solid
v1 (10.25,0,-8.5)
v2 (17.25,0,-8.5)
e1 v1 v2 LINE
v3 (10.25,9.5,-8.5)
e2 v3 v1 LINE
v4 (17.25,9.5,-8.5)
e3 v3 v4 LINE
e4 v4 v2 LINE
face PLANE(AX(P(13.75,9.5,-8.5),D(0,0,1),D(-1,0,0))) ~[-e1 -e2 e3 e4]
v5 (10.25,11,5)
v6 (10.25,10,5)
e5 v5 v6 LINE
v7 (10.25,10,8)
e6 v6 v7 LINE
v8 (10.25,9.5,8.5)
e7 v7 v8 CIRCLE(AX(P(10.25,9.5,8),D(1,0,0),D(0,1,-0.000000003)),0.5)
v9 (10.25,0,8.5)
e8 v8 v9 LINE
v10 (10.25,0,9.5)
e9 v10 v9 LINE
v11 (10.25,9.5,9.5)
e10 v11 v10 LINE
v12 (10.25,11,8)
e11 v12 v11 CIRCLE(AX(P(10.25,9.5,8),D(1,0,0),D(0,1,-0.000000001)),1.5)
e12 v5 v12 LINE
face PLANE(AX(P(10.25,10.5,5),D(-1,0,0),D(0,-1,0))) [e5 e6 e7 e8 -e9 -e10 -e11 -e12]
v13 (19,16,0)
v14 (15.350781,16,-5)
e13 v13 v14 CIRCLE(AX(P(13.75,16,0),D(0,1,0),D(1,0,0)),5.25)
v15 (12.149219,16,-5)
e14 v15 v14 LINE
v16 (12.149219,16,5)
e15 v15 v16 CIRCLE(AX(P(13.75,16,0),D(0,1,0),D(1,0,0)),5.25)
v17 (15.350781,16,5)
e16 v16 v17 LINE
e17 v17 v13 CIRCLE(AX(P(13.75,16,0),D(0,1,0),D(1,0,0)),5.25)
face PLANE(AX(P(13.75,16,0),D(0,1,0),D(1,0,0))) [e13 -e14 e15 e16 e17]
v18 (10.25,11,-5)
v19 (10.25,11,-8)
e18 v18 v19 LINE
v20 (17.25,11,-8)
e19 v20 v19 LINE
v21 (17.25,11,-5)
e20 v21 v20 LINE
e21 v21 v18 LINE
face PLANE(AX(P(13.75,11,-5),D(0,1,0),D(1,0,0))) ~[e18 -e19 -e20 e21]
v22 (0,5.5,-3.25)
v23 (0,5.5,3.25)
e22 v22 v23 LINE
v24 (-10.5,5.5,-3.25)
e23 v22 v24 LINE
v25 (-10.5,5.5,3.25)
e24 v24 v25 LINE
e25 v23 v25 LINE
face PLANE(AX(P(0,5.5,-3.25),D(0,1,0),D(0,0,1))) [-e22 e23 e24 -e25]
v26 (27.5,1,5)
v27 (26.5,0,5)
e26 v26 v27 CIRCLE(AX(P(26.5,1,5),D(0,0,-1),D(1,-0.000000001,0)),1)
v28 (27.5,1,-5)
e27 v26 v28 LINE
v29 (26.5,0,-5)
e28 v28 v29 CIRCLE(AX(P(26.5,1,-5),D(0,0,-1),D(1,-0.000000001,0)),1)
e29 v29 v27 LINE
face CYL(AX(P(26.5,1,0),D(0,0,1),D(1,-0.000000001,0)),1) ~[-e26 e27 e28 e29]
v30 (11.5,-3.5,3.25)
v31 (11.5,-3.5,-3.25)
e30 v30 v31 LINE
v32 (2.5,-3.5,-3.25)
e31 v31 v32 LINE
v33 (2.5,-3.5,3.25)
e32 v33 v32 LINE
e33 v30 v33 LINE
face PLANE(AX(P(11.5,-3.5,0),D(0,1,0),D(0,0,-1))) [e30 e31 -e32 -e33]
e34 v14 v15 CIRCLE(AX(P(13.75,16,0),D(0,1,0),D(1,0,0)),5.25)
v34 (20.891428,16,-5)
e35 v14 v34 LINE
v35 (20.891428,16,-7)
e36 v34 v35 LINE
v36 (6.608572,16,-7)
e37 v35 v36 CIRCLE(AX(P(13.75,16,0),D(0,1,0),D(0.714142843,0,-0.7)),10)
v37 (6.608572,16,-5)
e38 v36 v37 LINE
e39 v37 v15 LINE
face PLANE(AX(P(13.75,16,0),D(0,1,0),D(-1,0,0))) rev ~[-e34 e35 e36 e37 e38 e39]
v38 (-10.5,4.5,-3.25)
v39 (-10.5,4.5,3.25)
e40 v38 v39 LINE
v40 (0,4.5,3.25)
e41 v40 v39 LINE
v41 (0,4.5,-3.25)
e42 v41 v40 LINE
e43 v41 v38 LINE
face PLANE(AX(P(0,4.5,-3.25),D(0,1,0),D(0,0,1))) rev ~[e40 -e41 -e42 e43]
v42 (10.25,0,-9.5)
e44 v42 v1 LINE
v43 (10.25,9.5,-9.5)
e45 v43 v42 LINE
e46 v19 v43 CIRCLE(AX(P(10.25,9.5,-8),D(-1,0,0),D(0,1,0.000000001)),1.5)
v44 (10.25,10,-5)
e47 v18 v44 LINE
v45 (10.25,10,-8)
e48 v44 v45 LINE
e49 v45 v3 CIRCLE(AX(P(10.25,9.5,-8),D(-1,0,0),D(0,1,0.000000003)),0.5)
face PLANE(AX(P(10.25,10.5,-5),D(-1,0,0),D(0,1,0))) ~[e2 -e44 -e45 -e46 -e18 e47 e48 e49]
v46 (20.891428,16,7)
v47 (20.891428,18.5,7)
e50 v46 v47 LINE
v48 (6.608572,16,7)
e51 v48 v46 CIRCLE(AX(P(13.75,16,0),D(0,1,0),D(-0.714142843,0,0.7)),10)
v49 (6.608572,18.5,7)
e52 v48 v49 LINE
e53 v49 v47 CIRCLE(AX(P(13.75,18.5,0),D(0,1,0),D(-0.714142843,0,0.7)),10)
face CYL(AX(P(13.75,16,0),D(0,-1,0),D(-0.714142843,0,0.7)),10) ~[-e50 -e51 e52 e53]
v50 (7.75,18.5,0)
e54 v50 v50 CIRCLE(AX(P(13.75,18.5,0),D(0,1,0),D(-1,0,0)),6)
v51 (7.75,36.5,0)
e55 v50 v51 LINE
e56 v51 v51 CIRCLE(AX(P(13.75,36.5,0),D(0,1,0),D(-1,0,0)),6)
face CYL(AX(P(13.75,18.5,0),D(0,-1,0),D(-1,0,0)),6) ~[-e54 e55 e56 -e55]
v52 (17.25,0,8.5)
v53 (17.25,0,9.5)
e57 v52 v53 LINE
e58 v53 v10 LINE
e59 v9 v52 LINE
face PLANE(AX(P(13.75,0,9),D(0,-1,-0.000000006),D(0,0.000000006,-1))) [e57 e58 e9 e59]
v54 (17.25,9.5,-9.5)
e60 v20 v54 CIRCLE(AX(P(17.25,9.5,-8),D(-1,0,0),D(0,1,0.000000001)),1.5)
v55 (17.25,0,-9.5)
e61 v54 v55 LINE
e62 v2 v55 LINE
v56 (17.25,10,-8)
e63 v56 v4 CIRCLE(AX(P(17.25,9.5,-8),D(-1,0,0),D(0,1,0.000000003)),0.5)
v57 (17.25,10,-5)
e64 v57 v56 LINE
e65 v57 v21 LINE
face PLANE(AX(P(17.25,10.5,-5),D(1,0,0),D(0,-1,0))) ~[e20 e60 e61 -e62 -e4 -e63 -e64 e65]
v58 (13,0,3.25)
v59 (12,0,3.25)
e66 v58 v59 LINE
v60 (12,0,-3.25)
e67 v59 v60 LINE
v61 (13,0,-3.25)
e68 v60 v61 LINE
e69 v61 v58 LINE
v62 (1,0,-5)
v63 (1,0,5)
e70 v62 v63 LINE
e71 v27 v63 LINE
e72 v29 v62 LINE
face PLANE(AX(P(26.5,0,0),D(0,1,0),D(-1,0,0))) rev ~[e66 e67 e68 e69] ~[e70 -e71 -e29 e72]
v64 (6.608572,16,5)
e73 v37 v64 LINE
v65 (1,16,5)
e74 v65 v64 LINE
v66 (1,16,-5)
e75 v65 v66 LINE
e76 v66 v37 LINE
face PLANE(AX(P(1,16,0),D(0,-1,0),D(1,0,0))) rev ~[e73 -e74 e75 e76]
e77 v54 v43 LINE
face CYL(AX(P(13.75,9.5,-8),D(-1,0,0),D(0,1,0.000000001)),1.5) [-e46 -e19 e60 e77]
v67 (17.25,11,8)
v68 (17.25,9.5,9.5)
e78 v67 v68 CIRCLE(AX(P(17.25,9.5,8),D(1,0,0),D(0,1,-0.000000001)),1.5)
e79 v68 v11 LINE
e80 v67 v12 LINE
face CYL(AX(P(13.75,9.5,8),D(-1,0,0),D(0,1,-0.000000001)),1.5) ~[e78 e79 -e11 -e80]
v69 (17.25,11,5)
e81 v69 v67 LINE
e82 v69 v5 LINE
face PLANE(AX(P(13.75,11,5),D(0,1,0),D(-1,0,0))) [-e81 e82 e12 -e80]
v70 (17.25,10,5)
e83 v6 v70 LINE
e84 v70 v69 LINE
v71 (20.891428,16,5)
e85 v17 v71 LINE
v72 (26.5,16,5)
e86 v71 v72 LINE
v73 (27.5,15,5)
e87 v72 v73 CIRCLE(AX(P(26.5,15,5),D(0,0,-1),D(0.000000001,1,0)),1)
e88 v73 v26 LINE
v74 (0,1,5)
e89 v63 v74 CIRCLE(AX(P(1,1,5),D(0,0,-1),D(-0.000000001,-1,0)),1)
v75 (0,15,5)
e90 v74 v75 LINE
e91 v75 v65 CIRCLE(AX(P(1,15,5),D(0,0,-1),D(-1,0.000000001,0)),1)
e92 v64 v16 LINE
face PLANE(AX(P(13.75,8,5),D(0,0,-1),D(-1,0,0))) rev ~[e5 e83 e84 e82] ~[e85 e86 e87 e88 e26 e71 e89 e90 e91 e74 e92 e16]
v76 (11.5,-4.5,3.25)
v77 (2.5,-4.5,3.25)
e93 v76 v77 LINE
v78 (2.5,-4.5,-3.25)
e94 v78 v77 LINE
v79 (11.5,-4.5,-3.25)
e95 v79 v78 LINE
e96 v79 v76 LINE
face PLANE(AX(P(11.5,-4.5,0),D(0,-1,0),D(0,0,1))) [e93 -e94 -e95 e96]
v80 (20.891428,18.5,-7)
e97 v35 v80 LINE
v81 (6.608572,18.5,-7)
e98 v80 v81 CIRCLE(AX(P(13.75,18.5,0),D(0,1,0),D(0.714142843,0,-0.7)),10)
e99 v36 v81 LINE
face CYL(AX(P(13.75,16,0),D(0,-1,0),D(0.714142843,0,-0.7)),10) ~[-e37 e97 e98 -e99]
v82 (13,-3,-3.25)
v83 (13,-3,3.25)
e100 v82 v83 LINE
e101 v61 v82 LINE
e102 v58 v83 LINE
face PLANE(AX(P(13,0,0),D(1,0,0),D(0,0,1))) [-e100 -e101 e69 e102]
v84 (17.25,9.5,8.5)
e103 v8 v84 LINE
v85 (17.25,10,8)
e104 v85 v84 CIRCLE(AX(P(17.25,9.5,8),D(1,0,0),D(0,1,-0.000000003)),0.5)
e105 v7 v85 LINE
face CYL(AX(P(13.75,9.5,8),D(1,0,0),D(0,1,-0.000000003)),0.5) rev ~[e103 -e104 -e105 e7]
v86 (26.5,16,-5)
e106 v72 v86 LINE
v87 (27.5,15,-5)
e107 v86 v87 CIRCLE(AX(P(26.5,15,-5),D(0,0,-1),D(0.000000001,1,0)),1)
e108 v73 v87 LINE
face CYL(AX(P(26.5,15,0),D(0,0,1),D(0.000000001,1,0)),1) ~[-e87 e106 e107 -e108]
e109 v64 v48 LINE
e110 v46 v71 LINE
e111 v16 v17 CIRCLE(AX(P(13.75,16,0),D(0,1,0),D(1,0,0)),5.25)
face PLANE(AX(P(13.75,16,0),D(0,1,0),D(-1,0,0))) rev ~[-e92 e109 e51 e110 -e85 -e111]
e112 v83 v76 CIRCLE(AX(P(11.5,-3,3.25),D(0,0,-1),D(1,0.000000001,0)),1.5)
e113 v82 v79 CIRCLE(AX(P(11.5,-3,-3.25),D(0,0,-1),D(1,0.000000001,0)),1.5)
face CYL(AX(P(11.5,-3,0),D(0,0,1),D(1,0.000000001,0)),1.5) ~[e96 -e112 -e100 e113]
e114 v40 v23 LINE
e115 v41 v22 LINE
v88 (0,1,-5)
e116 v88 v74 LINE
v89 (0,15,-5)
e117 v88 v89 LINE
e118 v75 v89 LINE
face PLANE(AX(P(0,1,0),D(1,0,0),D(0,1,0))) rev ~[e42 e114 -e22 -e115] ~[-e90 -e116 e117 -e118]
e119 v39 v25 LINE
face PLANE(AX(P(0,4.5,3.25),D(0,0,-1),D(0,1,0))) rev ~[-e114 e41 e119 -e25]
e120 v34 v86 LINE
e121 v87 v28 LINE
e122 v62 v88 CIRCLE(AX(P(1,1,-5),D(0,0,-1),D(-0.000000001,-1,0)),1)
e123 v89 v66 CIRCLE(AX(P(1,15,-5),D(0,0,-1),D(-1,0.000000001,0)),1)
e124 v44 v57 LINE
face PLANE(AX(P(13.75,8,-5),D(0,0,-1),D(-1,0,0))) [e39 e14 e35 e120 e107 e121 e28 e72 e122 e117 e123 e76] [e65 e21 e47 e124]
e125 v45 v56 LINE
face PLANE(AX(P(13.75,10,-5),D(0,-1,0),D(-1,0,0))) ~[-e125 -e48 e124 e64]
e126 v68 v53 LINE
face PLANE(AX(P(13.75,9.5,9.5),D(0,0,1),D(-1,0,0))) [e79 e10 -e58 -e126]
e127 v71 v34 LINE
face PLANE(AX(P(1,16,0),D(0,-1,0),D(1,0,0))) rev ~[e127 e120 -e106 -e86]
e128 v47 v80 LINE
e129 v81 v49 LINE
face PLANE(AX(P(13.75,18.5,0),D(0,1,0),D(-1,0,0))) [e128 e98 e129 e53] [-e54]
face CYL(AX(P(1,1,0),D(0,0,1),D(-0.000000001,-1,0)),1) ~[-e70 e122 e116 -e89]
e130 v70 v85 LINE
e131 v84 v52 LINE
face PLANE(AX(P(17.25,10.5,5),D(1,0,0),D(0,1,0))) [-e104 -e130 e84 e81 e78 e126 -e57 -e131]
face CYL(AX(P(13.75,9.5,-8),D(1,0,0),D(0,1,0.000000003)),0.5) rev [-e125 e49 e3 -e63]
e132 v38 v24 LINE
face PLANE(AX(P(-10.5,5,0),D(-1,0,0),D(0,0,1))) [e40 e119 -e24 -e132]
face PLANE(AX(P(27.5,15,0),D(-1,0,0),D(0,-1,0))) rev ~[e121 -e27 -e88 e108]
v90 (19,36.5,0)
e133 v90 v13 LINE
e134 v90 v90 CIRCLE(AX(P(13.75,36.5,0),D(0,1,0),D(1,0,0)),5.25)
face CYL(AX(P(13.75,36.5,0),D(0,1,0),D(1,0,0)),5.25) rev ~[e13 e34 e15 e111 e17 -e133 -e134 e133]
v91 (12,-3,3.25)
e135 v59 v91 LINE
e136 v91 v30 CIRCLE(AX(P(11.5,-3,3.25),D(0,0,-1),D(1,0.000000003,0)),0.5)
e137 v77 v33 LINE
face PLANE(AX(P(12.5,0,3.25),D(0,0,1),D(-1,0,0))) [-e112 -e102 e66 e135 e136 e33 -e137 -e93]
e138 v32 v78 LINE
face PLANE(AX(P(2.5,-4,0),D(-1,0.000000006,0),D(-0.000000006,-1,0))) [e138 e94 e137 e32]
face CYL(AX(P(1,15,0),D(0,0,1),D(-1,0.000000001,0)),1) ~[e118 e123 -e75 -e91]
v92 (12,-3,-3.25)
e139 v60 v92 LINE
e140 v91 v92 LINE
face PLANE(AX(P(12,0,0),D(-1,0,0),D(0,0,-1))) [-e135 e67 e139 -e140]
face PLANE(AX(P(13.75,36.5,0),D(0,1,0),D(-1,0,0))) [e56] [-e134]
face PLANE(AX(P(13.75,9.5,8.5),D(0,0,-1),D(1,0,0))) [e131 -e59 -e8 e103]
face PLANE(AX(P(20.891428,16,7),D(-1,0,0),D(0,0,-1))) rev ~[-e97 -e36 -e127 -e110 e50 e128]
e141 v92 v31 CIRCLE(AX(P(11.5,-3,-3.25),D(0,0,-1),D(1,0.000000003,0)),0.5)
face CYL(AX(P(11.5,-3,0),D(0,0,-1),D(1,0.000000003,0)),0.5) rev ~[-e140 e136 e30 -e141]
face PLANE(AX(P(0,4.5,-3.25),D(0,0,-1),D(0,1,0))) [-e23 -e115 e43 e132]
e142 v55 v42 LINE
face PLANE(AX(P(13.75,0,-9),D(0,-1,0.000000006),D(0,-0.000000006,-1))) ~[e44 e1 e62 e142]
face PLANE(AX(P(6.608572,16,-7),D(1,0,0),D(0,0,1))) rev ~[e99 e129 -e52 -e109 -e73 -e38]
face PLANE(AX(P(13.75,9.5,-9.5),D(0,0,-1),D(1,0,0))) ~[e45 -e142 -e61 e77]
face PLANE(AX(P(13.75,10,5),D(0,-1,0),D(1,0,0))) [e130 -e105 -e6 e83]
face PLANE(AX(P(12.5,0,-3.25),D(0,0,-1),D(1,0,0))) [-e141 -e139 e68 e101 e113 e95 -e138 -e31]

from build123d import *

# Parameters (mm, degrees)
BOSS_EXTRUDE1_DEPTH      = 5
BOSS_EXTRUDE1_DEPTH_BACK = 5
BOSS_EXTRUDE2_DEPTH      = 2.5
SKETCH3_W                = 1
SKETCH3_H                = 6.5
SKETCH6_W                = 6.5
SKETCH6_H                = 1
BOSS_EXTRUDE3_DEPTH      = 10.5
SKETCH7_W                = 7
SKETCH7_H                = 1
SKETCH9_R                = 6
BOSS_EXTRUDE4_DEPTH      = 18
SKETCH10_R               = 5.25
CUT_EXTRUDE1_DEPTH       = 20.5


with BuildPart() as part:
    # Sketch1 → Boss-Extrude1 (new body, two sides)
    with BuildSketch(Plane.XY) as boss_extrude1_sk:
        with BuildLine():
            Line((0, 1), (0, 15))
            ThreePointArc((0, 15), (0.292893219, 15.707106781), (1, 16))
            Line((1, 16), (26.5, 16))
            ThreePointArc((26.5, 16), (27.207106781, 15.707106781), (27.5, 15))
            Line((27.5, 15), (27.5, 1))
            ThreePointArc((27.5, 1), (27.207106781, 0.292893219), (26.5, 0))
            Line((26.5, 0), (1, 0))
            ThreePointArc((1, 0), (0.292893219, 0.292893219), (0, 1))
        make_face()
    extrude(amount=BOSS_EXTRUDE1_DEPTH)
    extrude(boss_extrude1_sk.sketch, amount=-BOSS_EXTRUDE1_DEPTH_BACK)

    # Sketch2 → Boss-Extrude2 (add)
    with BuildSketch(Plane(origin=(0, 16, 0), x_dir=(-1, 0, 0), z_dir=(0, 1, 0))):
        with BuildLine():
            Line((-20.891428429, 7), (-20.891428429, -7))
            ThreePointArc((-20.891428429, -7), (-13.75, -10), (-6.608571571, -7))
            Line((-6.608571571, -7), (-6.608571571, 7))
            ThreePointArc((-6.608571571, 7), (-13.75, 10), (-20.891428429, 7))
        make_face()
    extrude(amount=BOSS_EXTRUDE2_DEPTH)

    # Sweep1: sweep along a path in Sketch5
    with BuildLine(Plane.XY.offset(5)) as sweep1_path:
        Line((12, 0), (12, -3))
        ThreePointArc((12, -3), (11.853553391, -3.353553391), (11.5, -3.5))
        Line((11.5, -3.5), (2.5, -3.5))
    # Sketch3 → Sweep1 (sweep)
    with BuildSketch(Plane.XZ):
        with Locations((12.5, 0)):
            Rectangle(SKETCH3_W, SKETCH3_H)
    sweep(path=sweep1_path.line)

    # Sketch6 → Boss-Extrude3 (add)
    with BuildSketch(Plane.ZY):
        with Locations((0, 5)):
            Rectangle(SKETCH6_W, SKETCH6_H)
    extrude(amount=BOSS_EXTRUDE3_DEPTH)

    # Sweep2: sweep along a path in Sketch8
    with BuildLine(Plane.ZY) as sweep2_path:
        Line((5, 10), (8, 10))
        ThreePointArc((8, 10), (8.353553391, 9.853553391), (8.5, 9.5))
        Line((8.5, 9.5), (8.5, 0))
    # Sketch7 → Sweep2 (sweep)
    with BuildSketch(Plane.XY.offset(5)):
        with Locations((13.75, 10.5)):
            Rectangle(SKETCH7_W, SKETCH7_H)
    sweep2 = sweep(path=sweep2_path.line)

    # Mirror1: Sweep2 across plane
    add(sweep2.mirror(Plane.XY))

    # Sketch9 → Boss-Extrude4 (add)
    with BuildSketch(Plane(origin=(0, 18.5, 0), x_dir=(-1, 0, 0), z_dir=(0, 1, 0))):
        with Locations((-13.75, 0)):
            Circle(SKETCH9_R)
    extrude(amount=BOSS_EXTRUDE4_DEPTH)

    # Sketch10 → Cut-Extrude1 (cut)
    with BuildSketch(Plane(origin=(0, 36.5, 0), x_dir=(1, 0, 0), z_dir=(0, 1, 0))):
        with Locations((13.75, 0)):
            Circle(SKETCH10_R)
    extrude(amount=-CUT_EXTRUDE1_DEPTH, mode=Mode.SUBTRACT)


solid = part.part
